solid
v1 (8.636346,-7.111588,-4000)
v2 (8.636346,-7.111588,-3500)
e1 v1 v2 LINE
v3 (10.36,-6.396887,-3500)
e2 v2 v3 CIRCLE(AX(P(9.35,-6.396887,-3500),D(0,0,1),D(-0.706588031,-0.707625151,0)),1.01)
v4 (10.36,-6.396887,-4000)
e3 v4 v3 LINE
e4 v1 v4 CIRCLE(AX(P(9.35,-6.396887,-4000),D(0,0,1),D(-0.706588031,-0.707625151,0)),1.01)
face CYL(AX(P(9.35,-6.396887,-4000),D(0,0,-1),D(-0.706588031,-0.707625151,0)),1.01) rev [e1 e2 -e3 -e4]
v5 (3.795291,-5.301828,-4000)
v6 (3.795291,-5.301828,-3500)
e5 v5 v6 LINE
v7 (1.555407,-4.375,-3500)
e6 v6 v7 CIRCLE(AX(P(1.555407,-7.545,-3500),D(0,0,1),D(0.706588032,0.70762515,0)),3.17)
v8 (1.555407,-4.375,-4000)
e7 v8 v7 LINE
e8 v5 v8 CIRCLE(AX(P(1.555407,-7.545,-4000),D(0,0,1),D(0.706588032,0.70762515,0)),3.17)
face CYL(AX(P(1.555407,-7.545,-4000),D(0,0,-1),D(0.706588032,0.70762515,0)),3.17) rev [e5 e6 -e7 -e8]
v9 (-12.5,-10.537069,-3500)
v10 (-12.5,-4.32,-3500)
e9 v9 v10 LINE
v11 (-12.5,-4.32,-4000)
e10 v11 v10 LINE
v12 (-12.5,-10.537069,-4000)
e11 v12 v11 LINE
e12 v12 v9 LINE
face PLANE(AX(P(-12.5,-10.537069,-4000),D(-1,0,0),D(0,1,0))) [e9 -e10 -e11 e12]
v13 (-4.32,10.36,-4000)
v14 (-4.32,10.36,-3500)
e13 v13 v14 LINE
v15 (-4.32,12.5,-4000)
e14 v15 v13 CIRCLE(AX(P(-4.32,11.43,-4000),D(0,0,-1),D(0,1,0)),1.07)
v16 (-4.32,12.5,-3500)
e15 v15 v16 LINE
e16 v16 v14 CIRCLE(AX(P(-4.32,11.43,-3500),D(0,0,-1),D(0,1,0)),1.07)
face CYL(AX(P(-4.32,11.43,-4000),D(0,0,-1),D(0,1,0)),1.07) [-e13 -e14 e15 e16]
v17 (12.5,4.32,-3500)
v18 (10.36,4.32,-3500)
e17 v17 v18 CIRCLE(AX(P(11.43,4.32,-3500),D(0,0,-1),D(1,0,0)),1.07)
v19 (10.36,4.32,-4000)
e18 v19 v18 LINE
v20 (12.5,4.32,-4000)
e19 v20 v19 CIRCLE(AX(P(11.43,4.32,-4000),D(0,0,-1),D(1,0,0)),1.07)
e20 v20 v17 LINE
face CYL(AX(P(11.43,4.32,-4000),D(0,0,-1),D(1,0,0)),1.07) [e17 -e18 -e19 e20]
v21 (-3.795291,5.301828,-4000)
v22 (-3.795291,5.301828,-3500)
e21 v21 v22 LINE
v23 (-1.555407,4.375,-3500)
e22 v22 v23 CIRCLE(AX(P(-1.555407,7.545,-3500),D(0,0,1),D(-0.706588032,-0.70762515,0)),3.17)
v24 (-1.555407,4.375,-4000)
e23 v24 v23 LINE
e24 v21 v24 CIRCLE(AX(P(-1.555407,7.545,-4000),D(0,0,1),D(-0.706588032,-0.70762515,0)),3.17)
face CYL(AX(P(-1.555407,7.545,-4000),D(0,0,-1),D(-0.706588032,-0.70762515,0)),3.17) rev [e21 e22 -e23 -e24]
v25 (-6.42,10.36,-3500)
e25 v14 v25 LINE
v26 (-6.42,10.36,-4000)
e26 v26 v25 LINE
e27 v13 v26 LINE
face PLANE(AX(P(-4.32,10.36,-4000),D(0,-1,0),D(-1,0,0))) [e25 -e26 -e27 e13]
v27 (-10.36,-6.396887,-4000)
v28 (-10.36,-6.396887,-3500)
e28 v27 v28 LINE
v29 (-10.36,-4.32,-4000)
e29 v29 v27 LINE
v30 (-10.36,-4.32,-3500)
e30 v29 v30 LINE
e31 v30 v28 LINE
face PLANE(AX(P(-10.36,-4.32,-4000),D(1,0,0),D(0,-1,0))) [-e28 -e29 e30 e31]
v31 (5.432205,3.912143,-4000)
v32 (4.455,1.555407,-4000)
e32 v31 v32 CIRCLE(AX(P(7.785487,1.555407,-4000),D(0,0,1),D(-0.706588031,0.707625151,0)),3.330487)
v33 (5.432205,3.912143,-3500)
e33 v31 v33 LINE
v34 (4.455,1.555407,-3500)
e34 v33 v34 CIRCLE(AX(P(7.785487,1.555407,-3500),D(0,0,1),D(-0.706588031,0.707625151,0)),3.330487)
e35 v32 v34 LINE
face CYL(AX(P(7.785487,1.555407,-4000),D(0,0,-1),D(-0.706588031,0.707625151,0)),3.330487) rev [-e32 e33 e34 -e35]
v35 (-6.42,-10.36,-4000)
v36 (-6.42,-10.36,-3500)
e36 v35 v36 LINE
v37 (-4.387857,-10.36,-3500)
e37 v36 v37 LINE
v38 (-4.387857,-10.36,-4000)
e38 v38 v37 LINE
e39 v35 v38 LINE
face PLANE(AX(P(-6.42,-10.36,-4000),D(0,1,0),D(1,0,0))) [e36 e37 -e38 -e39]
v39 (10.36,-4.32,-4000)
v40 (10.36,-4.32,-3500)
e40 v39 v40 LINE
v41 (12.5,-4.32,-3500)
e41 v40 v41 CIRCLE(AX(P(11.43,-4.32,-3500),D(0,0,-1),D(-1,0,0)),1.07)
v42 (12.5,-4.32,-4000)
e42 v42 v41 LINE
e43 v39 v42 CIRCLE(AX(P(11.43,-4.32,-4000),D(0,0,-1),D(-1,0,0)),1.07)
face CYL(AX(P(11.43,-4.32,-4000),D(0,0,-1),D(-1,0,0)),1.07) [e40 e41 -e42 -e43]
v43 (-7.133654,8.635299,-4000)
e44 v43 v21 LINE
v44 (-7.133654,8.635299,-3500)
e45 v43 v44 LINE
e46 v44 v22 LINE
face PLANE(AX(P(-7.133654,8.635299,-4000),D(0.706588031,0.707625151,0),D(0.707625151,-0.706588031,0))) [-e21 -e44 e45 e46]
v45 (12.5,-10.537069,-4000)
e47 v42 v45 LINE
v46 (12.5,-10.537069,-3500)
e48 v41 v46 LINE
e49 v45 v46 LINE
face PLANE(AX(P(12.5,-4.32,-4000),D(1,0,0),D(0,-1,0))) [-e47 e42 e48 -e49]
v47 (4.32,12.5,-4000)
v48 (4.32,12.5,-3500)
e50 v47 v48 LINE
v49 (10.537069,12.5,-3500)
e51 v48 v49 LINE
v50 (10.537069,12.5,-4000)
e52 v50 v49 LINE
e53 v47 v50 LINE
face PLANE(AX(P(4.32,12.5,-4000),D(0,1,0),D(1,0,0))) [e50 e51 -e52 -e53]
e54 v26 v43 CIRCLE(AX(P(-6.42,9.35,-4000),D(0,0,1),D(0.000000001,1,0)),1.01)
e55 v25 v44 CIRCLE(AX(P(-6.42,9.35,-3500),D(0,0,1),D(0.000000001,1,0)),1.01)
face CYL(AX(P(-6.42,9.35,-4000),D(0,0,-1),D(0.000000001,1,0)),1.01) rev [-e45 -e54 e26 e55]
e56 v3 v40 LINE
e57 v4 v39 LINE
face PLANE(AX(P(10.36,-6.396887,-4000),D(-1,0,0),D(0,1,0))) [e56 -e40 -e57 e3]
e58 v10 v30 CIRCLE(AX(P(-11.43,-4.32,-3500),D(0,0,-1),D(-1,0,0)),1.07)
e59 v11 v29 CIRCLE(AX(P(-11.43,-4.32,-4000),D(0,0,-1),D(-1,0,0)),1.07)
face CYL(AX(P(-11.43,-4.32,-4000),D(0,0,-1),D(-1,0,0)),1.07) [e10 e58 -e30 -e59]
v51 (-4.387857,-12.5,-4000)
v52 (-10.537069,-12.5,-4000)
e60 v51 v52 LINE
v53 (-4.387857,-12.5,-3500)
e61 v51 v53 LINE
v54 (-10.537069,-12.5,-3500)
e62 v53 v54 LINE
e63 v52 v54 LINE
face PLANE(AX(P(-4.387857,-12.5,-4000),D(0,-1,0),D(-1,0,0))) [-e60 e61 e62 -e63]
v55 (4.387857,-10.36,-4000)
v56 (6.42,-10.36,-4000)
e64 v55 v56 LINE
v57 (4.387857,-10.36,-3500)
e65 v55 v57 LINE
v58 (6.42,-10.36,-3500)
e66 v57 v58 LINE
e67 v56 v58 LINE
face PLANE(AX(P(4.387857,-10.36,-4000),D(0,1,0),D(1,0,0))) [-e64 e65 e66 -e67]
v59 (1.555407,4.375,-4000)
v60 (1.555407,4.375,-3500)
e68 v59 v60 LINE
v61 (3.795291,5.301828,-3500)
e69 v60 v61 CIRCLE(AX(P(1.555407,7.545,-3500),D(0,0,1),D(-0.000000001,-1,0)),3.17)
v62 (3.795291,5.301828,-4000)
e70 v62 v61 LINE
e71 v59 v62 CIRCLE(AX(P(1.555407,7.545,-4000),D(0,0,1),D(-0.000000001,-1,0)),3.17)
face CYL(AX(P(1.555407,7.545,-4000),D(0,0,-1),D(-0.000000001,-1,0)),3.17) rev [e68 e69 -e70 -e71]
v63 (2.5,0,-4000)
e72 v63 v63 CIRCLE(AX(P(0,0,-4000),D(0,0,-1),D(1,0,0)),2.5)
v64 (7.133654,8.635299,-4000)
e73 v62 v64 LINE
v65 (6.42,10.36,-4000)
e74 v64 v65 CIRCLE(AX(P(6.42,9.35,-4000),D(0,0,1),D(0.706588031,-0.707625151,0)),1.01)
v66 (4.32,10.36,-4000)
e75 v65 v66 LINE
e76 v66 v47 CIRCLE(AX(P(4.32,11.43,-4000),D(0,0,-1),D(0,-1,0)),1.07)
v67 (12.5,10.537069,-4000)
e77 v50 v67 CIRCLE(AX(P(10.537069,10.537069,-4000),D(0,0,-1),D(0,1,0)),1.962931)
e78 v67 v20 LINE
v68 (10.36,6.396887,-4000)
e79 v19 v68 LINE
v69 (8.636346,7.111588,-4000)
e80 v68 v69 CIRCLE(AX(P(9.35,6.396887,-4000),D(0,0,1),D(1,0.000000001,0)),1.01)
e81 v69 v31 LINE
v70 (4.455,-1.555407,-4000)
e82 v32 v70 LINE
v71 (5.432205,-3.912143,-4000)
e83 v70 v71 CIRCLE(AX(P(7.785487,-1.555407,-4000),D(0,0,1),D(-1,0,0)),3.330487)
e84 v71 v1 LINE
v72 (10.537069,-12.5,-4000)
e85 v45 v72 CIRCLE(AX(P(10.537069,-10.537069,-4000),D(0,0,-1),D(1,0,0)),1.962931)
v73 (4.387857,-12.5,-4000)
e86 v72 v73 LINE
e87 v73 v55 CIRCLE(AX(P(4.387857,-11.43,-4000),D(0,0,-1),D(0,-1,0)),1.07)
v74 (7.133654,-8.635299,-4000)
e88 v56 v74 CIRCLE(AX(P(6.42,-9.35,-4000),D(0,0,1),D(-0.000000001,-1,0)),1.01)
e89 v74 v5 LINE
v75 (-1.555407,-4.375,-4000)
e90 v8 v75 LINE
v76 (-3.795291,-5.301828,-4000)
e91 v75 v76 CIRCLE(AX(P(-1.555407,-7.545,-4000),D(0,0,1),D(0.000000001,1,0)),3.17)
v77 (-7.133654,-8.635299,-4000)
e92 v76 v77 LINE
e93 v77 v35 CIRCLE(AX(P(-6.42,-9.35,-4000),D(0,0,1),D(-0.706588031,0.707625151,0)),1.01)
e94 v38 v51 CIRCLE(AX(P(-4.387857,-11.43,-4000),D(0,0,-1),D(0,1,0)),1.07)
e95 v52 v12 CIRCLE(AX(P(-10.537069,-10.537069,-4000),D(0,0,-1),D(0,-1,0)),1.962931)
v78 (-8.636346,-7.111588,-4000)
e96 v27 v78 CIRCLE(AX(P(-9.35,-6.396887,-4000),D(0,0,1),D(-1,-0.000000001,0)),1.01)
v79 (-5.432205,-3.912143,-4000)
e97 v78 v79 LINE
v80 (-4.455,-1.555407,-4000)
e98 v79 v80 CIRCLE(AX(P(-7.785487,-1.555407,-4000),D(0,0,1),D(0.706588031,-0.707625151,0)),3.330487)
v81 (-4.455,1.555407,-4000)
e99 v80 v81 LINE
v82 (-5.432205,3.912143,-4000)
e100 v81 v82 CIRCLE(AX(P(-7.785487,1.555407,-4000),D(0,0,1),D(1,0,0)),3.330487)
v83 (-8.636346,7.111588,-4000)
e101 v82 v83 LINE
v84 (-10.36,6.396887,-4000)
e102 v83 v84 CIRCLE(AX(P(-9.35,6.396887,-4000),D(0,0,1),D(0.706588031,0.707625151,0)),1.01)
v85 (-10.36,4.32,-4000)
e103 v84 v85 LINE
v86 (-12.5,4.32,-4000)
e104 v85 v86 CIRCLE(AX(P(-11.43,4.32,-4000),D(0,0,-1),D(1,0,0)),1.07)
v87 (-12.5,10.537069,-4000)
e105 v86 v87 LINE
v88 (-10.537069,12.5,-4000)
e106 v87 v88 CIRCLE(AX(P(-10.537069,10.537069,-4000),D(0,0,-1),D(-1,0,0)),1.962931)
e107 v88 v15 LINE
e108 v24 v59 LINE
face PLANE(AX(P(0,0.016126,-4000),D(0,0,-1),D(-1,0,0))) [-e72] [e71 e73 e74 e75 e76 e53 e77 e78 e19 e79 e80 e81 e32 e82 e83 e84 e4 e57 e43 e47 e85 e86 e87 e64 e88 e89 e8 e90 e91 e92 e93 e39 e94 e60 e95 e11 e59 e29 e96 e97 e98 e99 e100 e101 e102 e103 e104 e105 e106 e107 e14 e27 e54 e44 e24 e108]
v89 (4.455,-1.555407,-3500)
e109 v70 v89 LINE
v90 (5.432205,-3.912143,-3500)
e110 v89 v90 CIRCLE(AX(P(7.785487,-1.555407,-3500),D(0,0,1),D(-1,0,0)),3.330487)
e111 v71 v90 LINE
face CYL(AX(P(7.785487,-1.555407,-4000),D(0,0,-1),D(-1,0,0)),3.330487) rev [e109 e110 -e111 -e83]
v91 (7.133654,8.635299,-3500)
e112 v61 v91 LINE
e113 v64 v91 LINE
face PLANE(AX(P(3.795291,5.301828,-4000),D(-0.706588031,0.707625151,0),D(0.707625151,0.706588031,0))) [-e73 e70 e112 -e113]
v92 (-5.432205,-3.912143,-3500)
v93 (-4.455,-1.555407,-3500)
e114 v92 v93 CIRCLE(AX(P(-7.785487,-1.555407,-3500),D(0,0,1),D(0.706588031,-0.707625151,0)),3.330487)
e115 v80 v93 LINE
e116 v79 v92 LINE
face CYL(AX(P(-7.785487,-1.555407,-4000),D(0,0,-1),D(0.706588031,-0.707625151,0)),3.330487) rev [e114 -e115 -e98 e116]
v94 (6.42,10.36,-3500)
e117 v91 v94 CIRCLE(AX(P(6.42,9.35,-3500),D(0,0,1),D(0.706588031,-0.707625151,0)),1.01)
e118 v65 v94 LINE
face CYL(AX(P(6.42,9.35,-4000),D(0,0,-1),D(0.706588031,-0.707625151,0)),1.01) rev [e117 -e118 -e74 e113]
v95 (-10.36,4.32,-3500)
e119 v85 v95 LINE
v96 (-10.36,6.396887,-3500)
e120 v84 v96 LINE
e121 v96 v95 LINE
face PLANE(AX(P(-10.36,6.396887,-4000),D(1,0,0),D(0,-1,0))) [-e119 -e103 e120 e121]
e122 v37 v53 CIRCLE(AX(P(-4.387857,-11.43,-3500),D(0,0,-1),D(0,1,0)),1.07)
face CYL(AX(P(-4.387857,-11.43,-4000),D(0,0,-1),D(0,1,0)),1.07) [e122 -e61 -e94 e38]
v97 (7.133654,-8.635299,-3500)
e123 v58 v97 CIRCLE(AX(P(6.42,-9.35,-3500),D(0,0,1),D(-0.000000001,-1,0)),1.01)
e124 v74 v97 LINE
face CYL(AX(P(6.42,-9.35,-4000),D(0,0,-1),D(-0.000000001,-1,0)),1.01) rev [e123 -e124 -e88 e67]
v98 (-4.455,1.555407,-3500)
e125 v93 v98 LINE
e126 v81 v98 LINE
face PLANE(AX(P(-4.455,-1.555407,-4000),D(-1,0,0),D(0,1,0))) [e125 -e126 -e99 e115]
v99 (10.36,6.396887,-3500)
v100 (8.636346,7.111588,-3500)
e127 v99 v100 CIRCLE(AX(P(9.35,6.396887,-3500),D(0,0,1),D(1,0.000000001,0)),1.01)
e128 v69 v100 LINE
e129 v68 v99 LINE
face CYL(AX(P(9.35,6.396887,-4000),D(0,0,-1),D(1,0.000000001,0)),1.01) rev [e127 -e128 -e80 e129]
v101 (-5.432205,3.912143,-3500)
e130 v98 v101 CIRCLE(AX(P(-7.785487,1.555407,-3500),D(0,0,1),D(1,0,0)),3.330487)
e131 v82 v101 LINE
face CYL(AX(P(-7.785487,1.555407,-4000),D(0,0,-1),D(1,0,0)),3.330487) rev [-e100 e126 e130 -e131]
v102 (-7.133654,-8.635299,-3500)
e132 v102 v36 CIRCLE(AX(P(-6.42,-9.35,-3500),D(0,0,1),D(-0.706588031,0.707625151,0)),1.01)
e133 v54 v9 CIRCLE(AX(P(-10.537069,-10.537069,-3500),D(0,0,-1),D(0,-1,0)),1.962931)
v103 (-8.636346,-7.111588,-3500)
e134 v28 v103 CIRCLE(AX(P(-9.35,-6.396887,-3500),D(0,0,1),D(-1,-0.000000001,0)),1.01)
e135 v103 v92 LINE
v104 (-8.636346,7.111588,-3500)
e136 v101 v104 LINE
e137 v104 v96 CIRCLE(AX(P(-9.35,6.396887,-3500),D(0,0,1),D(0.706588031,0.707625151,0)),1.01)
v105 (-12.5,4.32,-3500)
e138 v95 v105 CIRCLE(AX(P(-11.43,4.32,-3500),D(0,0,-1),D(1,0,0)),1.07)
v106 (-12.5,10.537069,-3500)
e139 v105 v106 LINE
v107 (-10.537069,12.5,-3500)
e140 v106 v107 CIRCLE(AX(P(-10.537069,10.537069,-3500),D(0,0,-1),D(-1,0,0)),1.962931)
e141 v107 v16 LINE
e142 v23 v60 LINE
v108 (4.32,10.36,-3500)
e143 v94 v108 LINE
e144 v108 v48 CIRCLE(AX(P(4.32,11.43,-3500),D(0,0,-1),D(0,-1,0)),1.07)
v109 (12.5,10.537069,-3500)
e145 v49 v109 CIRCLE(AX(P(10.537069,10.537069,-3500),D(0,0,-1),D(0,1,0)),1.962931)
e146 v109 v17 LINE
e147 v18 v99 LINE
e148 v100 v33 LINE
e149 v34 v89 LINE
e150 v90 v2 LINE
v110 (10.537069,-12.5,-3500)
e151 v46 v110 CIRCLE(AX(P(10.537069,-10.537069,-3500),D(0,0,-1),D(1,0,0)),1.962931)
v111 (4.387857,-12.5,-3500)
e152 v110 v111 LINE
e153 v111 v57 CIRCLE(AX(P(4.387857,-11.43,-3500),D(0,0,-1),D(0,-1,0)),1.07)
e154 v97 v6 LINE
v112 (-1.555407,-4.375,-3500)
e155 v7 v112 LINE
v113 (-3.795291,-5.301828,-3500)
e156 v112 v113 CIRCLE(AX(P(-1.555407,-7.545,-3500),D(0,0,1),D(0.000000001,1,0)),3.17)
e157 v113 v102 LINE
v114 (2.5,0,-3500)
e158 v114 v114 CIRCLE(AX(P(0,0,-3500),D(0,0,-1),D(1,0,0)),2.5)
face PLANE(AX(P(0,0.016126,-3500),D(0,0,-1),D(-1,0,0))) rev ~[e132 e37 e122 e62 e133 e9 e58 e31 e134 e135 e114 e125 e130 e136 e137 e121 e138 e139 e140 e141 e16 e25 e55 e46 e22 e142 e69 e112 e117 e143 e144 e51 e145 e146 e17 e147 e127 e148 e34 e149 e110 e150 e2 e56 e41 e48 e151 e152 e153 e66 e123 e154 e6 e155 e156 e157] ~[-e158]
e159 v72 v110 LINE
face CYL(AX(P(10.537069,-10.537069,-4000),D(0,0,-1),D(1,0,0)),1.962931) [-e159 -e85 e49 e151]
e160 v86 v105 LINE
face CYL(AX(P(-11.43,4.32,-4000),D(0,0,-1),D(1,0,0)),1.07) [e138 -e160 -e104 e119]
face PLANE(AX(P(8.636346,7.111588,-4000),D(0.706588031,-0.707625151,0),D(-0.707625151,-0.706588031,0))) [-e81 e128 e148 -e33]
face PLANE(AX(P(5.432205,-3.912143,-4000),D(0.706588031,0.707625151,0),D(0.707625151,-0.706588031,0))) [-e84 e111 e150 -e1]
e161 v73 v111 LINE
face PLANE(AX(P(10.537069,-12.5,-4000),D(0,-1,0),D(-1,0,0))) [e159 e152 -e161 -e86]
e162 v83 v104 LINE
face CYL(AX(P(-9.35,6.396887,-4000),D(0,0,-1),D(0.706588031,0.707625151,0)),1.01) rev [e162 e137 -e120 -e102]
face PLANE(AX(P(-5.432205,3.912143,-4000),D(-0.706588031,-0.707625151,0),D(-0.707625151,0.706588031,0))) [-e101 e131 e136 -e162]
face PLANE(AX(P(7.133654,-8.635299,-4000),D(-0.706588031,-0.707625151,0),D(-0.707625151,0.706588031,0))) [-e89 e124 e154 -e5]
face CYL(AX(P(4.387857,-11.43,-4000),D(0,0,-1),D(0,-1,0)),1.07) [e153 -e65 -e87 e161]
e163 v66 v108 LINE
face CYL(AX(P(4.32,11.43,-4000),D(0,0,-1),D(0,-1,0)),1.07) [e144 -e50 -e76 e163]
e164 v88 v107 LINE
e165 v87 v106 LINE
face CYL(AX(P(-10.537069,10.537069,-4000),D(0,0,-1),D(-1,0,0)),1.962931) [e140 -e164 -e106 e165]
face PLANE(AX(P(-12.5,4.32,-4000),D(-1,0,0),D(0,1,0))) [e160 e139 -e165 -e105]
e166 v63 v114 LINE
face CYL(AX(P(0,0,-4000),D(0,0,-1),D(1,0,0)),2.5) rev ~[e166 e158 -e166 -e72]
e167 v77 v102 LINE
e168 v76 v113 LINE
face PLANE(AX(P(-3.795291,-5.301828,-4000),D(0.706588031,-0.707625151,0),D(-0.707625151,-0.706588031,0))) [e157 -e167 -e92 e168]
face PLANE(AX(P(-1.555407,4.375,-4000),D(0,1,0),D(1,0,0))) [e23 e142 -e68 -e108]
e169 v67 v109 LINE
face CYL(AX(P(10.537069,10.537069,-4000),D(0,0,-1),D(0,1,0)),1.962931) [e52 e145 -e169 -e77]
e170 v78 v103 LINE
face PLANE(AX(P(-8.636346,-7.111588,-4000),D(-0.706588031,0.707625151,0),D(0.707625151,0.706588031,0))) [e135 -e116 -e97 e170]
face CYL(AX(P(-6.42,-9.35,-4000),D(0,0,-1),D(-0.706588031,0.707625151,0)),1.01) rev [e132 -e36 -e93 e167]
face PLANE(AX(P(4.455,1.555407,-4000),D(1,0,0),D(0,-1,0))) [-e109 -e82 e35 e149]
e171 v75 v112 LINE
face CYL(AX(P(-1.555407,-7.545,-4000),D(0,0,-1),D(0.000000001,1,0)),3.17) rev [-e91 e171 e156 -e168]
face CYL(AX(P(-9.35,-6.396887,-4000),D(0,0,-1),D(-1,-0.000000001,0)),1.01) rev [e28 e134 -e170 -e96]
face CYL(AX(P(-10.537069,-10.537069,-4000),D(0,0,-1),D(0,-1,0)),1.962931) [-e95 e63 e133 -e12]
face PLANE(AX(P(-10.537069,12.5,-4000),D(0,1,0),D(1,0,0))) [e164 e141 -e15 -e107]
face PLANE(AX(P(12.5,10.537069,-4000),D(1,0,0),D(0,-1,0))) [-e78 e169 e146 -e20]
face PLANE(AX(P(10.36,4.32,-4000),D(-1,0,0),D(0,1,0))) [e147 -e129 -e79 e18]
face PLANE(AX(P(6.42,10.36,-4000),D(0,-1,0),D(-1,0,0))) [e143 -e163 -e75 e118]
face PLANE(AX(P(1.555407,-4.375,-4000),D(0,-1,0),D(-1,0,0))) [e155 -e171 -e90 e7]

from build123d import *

# Parameters (mm, degrees)
SKETCH1_R           = 2.5
BOSS_EXTRUDE1_DEPTH = 500


with BuildPart() as part:
    # Sketch1 → Boss-Extrude1 (new body)
    with BuildSketch(Plane(origin=(0, 0, -4000), x_dir=(-1, 0, 0), z_dir=(0, 0, -1))):
        with BuildLine():
            Line((12.5, 4.32), (12.5, 10.537068835))
            ThreePointArc((12.5, 10.537068835), (11.925070773, 11.925070773), (10.537068835, 12.5))
            Line((10.537068835, 12.5), (4.32, 12.5))
            ThreePointArc((4.32, 12.5), (3.25, 11.43), (4.32, 10.36))
            Line((4.32, 10.36), (6.42, 10.36))
            ThreePointArc((6.42, 10.36), (7.35325999, 9.736168088), (7.133653911, 8.635298598))
            Line((7.133653911, 8.635298598), (3.795290766, 5.301828272))
            ThreePointArc((3.795290766, 5.301828272), (2.76743922, 4.61585726), (1.555406707, 4.375))
            Line((1.555406707, 4.375), (-1.555406707, 4.375))
            ThreePointArc((-1.555406707, 4.375), (-2.76743922, 4.61585726), (-3.795290766, 5.301828272))
            Line((-3.795290766, 5.301828272), (-7.133653912, 8.635298598))
            ThreePointArc((-7.133653912, 8.635298598), (-7.35325999, 9.736168088), (-6.42, 10.36))
            Line((-6.42, 10.36), (-4.32, 10.36))
            ThreePointArc((-4.32, 10.36), (-3.25, 11.43), (-4.32, 12.5))
            Line((-4.32, 12.5), (-10.537068835, 12.5))
            ThreePointArc((-10.537068835, 12.5), (-11.925070773, 11.925070773), (-12.5, 10.537068835))
            Line((-12.5, 10.537068835), (-12.5, 4.32))
            ThreePointArc((-12.5, 4.32), (-11.43, 3.25), (-10.36, 4.32))
            Line((-10.36, 4.32), (-10.36, 6.396886949))
            ThreePointArc((-10.36, 6.396886949), (-9.736852394, 7.329863489), (-8.636346088, 7.111588351))
            Line((-8.636346088, 7.111588351), (-5.432204773, 3.912143135))
            ThreePointArc((-5.432204773, 3.912143135), (-4.708985779, 2.831057106), (-4.455, 1.555406707))
            Line((-4.455, 1.555406707), (-4.455, -1.555406707))
            ThreePointArc((-4.455, -1.555406707), (-4.708985779, -2.831057106), (-5.432204773, -3.912143135))
            Line((-5.432204773, -3.912143135), (-8.636346088, -7.111588351))
            ThreePointArc((-8.636346088, -7.111588351), (-9.736852394, -7.329863489), (-10.36, -6.396886949))
            Line((-10.36, -6.396886949), (-10.36, -4.32))
            ThreePointArc((-10.36, -4.32), (-11.43, -3.25), (-12.5, -4.32))
            Line((-12.5, -4.32), (-12.5, -10.537068835))
            ThreePointArc((-12.5, -10.537068835), (-11.925070773, -11.925070773), (-10.537068835, -12.5))
            Line((-10.537068835, -12.5), (-4.387856959, -12.5))
            ThreePointArc((-4.387856959, -12.5), (-3.317856959, -11.43), (-4.387856959, -10.36))
            Line((-4.387856959, -10.36), (-6.42, -10.36))
            ThreePointArc((-6.42, -10.36), (-7.35325999, -9.736168088), (-7.133653912, -8.635298598))
            Line((-7.133653912, -8.635298598), (-3.795290766, -5.301828272))
            ThreePointArc((-3.795290766, -5.301828272), (-2.76743922, -4.61585726), (-1.555406707, -4.375))
            Line((-1.555406707, -4.375), (1.555406707, -4.375))
            ThreePointArc((1.555406707, -4.375), (2.76743922, -4.61585726), (3.795290766, -5.301828272))
            Line((3.795290766, -5.301828272), (7.133653912, -8.635298598))
            ThreePointArc((7.133653912, -8.635298598), (7.35325999, -9.736168088), (6.42, -10.36))
            Line((6.42, -10.36), (4.387856959, -10.36))
            ThreePointArc((4.387856959, -10.36), (3.317856959, -11.43), (4.387856959, -12.5))
            Line((4.387856959, -12.5), (10.537068835, -12.5))
            ThreePointArc((10.537068835, -12.5), (11.925070773, -11.925070773), (12.5, -10.537068835))
            Line((12.5, -10.537068835), (12.5, -4.32))
            ThreePointArc((12.5, -4.32), (11.43, -3.25), (10.36, -4.32))
            Line((10.36, -4.32), (10.36, -6.396886949))
            ThreePointArc((10.36, -6.396886949), (9.736852394, -7.329863489), (8.636346088, -7.111588351))
            Line((8.636346088, -7.111588351), (5.432204773, -3.912143135))
            ThreePointArc((5.432204773, -3.912143135), (4.708985779, -2.831057106), (4.455, -1.555406707))
            Line((4.455, -1.555406707), (4.455, 1.555406707))
            ThreePointArc((4.455, 1.555406707), (4.708985779, 2.831057106), (5.432204773, 3.912143135))
            Line((5.432204773, 3.912143135), (8.636346088, 7.111588351))
            ThreePointArc((8.636346088, 7.111588351), (9.736852394, 7.329863489), (10.36, 6.396886949))
            Line((10.36, 6.396886949), (10.36, 4.32))
            ThreePointArc((10.36, 4.32), (11.43, 3.25), (12.5, 4.32))
        make_face()
        with Locations(Location((0, 0, 0), (0, 0, 180))):
            Circle(SKETCH1_R, mode=Mode.SUBTRACT)
    extrude(amount=-BOSS_EXTRUDE1_DEPTH)


solid = part.part
